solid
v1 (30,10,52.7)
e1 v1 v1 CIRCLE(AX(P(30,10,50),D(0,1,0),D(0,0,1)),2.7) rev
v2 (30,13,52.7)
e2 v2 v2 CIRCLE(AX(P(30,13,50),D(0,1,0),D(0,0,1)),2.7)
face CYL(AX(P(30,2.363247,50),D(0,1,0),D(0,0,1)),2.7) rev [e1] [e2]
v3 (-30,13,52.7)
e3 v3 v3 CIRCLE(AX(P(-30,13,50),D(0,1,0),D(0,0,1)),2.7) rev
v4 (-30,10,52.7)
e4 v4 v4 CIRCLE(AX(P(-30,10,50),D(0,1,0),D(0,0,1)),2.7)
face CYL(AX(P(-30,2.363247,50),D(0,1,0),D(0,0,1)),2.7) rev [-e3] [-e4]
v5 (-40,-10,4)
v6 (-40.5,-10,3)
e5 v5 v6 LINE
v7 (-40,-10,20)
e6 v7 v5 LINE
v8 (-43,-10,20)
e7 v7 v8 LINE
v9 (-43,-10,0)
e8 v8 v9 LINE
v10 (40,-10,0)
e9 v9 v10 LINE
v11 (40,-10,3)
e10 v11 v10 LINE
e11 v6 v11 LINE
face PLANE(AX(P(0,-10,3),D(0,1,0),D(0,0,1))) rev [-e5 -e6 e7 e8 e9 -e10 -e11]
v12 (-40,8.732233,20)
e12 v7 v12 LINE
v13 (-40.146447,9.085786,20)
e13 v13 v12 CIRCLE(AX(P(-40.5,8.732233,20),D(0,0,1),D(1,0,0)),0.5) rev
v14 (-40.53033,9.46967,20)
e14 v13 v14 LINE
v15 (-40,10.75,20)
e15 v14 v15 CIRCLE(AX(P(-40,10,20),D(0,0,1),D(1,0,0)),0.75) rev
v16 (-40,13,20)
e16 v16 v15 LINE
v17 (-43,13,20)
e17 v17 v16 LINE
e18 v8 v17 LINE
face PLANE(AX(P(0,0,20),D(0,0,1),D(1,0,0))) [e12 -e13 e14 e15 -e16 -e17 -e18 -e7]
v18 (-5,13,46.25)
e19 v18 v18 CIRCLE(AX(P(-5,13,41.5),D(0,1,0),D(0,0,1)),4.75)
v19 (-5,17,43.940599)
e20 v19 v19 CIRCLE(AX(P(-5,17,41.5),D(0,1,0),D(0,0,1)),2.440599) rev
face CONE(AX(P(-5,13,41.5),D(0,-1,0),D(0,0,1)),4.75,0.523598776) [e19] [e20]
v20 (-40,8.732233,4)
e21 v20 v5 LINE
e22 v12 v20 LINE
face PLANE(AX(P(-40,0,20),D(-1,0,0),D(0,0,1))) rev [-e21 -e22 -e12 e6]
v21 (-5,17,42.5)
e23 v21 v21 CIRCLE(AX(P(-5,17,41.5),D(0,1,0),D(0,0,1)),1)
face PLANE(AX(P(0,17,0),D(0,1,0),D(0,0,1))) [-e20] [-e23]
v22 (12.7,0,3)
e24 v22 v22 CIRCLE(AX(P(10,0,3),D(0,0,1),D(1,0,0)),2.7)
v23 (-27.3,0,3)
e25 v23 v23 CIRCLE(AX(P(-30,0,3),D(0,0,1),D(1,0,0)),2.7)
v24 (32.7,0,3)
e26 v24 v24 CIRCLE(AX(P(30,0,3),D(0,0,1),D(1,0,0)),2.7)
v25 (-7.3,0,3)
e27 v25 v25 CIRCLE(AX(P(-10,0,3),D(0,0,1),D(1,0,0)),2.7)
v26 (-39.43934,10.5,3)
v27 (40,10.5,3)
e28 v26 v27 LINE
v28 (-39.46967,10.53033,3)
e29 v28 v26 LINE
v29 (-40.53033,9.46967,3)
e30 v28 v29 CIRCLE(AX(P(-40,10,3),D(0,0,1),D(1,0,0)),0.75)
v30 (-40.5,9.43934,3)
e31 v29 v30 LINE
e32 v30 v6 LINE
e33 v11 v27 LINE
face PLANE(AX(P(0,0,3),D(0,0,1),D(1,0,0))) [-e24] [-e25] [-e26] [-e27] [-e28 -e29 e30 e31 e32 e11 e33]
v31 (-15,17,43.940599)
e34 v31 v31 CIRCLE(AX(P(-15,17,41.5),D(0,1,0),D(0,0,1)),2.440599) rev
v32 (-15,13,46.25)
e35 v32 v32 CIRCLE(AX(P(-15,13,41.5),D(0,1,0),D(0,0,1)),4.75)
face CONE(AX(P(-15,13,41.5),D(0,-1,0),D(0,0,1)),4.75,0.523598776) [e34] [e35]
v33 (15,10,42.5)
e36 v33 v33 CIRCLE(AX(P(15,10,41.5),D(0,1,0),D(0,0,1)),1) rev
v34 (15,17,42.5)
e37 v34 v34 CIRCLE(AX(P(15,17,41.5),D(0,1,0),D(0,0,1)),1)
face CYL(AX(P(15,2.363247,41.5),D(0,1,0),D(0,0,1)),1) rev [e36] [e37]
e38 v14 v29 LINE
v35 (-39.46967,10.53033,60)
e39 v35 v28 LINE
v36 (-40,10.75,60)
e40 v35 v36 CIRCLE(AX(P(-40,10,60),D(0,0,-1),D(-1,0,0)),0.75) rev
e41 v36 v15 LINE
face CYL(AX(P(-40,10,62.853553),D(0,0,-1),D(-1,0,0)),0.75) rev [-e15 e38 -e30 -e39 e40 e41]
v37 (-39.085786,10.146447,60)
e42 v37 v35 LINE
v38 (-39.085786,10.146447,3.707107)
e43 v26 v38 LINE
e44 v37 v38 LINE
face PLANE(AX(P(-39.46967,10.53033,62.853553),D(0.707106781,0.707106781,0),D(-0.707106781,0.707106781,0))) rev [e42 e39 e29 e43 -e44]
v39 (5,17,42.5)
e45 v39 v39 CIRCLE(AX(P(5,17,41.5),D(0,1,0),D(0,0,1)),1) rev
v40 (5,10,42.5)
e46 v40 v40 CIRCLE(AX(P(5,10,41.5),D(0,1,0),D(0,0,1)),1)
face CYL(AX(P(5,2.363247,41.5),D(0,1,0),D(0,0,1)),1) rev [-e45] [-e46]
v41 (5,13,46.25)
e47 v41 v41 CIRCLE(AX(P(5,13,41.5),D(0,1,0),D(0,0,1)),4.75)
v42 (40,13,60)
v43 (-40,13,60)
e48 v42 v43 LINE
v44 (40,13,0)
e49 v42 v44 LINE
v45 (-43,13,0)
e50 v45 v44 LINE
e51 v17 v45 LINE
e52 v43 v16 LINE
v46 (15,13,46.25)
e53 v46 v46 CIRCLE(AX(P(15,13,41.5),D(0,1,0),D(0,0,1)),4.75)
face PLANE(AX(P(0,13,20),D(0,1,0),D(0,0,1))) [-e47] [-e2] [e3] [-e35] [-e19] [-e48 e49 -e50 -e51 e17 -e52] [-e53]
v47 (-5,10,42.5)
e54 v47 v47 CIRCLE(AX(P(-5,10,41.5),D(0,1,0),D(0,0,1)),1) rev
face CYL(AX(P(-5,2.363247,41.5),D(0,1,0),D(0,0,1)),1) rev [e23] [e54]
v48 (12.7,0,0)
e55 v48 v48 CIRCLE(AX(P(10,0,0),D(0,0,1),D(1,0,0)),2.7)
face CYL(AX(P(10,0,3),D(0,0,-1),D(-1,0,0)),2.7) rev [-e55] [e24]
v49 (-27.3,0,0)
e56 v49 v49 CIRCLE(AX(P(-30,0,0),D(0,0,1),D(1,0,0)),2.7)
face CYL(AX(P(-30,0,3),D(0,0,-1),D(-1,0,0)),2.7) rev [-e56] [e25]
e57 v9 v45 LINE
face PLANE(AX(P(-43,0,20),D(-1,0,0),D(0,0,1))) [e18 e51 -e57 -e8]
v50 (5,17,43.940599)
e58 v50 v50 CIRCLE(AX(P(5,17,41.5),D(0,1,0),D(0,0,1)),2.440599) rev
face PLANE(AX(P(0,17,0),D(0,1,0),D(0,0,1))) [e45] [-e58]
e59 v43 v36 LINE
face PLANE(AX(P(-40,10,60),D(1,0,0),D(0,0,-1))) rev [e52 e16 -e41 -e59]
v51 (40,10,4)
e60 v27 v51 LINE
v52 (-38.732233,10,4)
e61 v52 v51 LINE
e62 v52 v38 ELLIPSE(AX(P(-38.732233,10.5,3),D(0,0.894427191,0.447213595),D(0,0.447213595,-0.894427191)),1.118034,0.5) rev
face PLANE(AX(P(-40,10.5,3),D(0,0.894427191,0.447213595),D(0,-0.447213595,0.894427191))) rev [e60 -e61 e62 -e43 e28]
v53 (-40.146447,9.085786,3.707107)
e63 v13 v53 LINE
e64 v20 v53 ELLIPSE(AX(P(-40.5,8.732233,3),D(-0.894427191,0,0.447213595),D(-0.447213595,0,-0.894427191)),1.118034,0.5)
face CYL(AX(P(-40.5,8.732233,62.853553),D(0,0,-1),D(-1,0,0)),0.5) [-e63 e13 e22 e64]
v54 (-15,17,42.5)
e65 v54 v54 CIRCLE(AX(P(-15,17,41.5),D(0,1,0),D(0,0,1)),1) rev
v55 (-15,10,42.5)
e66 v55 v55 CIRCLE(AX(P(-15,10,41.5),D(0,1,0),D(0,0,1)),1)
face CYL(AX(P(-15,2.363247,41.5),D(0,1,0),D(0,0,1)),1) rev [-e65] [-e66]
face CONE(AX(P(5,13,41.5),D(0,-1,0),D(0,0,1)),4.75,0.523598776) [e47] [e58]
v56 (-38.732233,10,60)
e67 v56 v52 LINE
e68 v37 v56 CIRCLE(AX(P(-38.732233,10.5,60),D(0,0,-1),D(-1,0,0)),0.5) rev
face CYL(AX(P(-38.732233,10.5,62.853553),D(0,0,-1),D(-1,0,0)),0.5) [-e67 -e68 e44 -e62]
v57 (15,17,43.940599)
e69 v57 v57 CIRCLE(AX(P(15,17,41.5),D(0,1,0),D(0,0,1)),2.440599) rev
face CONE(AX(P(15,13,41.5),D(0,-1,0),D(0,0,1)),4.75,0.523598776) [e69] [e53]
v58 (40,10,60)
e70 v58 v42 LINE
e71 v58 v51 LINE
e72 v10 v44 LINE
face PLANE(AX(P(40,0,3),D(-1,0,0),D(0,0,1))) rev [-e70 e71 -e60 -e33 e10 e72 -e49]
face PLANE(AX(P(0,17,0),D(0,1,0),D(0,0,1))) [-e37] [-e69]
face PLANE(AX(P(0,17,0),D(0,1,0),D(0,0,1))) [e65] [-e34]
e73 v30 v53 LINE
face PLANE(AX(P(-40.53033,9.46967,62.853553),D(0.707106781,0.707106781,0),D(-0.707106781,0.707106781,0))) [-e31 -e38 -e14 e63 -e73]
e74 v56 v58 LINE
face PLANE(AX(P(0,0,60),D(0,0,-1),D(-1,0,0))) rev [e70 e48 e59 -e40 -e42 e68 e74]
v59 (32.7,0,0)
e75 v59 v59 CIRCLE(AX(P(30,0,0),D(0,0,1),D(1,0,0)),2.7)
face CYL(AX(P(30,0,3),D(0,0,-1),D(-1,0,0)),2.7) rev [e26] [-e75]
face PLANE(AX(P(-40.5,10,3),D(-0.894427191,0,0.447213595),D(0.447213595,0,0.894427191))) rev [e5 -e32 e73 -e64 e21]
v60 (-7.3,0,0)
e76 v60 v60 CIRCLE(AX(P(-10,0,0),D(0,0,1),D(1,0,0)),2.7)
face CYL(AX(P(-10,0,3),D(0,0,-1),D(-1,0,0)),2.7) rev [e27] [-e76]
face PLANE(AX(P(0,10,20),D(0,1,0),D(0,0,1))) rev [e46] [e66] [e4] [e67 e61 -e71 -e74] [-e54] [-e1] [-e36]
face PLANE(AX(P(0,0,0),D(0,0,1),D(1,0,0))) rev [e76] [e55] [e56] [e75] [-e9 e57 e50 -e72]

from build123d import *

# Parameters (mm, degrees)
SKETCH1_W                      = 80
SKETCH1_H                      = 20
SKETCH1_R                      = 2.7
BOSS_EXTRUDE1_DEPTH            = 3
BOSS_EXTRUDE2_DEPTH            = 20
SKETCH2_W                      = 80
SKETCH2_H                      = 3
BOSS_EXTRUDE3_DEPTH            = 40
SKETCH3_R                      = 4.75
BOSS_EXTRUDE5_DEPTH            = 4
BOSS_EXTRUDE5_TAPER            = 30
CUT_EXTRUDE2_REACH             = 25
SKETCH3_6_R                    = 1
SKETCH3_6_R_2                  = 2.7
CUT_EXTRUDE2_DIRECTION_2_REACH = 6
CUT_EXTRUDE3_DEPTH             = 57
CUT_EXTRUDE4_DEPTH             = 20
CUT_EXTRUDE5_DEPTH             = 80


with BuildPart() as part:
    # Sketch1 → Boss-Extrude1 (new body)
    with BuildSketch(Plane.XY):
        Rectangle(SKETCH1_W, SKETCH1_H)
        with Locations((-30, 0)):
            Circle(SKETCH1_R, mode=Mode.SUBTRACT)
        with Locations((-10, 0)):
            Circle(SKETCH1_R, mode=Mode.SUBTRACT)
        with Locations((10, 0)):
            Circle(SKETCH1_R, mode=Mode.SUBTRACT)
        with Locations((30, 0)):
            Circle(SKETCH1_R, mode=Mode.SUBTRACT)
    extrude(amount=BOSS_EXTRUDE1_DEPTH)

    # Sketch1<3> → Boss-Extrude2 (add)
    with BuildSketch(Plane.XY):
        Polygon((40, 13), (40, 10), (-40, 10), (-40, -10), (-43, -10), (-43, 13), align=None)
    extrude(amount=BOSS_EXTRUDE2_DEPTH)

    # Sketch2 → Boss-Extrude3 (add)
    with BuildSketch(Plane.XY.offset(20)):
        with Locations((0, 11.5)):
            Rectangle(SKETCH2_W, SKETCH2_H)
    extrude(amount=BOSS_EXTRUDE3_DEPTH)

    # Sketch3 → Boss-Extrude5 (add)
    with BuildSketch(Plane.XZ.offset(-13)):
        with Locations((15, 41.5)):
            Circle(SKETCH3_R)
        with Locations((5, 41.5)):
            Circle(SKETCH3_R)
        with Locations((-5, 41.5)):
            Circle(SKETCH3_R)
        with Locations((-15, 41.5)):
            Circle(SKETCH3_R)
    extrude(amount=-BOSS_EXTRUDE5_DEPTH, taper=BOSS_EXTRUDE5_TAPER)

    # Cut-Extrude2: up to this face of the body (flat: up to its plane)
    cut_extrude2_end = Plane(part.part.faces().sort_by_distance((0, 10, 31.5))[0])
    # Sketch3<6> → Cut-Extrude2 (cut, up to the picked face)
    with BuildSketch(Plane.XZ.offset(-13), mode=Mode.PRIVATE) as cut_extrude2_sk1:
        with Locations((-15, 41.5)):
            Circle(SKETCH3_6_R)
    cut_extrude2_tool1 = split(extrude(cut_extrude2_sk1.sketch, amount=CUT_EXTRUDE2_REACH, mode=Mode.PRIVATE), bisect_by=cut_extrude2_end, keep=Keep.BOTH, mode=Mode.PRIVATE)
    add(cut_extrude2_tool1.solids().sort_by_distance((-15, 13, 41.5))[0], mode=Mode.SUBTRACT)
    # Sketch3<6> → Cut-Extrude2 (cut, up to the picked face)
    with BuildSketch(Plane.XZ.offset(-13), mode=Mode.PRIVATE) as cut_extrude2_sk2:
        with Locations((5, 41.5)):
            Circle(SKETCH3_6_R)
    cut_extrude2_tool2 = split(extrude(cut_extrude2_sk2.sketch, amount=CUT_EXTRUDE2_REACH, mode=Mode.PRIVATE), bisect_by=cut_extrude2_end, keep=Keep.BOTH, mode=Mode.PRIVATE)
    add(cut_extrude2_tool2.solids().sort_by_distance((5, 13, 41.5))[0], mode=Mode.SUBTRACT)
    # Sketch3<6> → Cut-Extrude2 (cut, up to the picked face)
    with BuildSketch(Plane.XZ.offset(-13), mode=Mode.PRIVATE) as cut_extrude2_sk3:
        with Locations((-30, 50)):
            Circle(SKETCH3_6_R_2)
    cut_extrude2_tool3 = split(extrude(cut_extrude2_sk3.sketch, amount=CUT_EXTRUDE2_REACH, mode=Mode.PRIVATE), bisect_by=cut_extrude2_end, keep=Keep.BOTH, mode=Mode.PRIVATE)
    add(cut_extrude2_tool3.solids().sort_by_distance((-30, 13, 50))[0], mode=Mode.SUBTRACT)
    # Sketch3<6> → Cut-Extrude2 (cut, up to the picked face)
    with BuildSketch(Plane.XZ.offset(-13), mode=Mode.PRIVATE) as cut_extrude2_sk4:
        with Locations((30, 50)):
            Circle(SKETCH3_6_R_2)
    cut_extrude2_tool4 = split(extrude(cut_extrude2_sk4.sketch, amount=CUT_EXTRUDE2_REACH, mode=Mode.PRIVATE), bisect_by=cut_extrude2_end, keep=Keep.BOTH, mode=Mode.PRIVATE)
    add(cut_extrude2_tool4.solids().sort_by_distance((30, 13, 50))[0], mode=Mode.SUBTRACT)
    # Sketch3<6> → Cut-Extrude2 (cut, up to the picked face)
    with BuildSketch(Plane.XZ.offset(-13), mode=Mode.PRIVATE) as cut_extrude2_sk5:
        with Locations((15, 41.5)):
            Circle(SKETCH3_6_R)
    cut_extrude2_tool5 = split(extrude(cut_extrude2_sk5.sketch, amount=CUT_EXTRUDE2_REACH, mode=Mode.PRIVATE), bisect_by=cut_extrude2_end, keep=Keep.BOTH, mode=Mode.PRIVATE)
    add(cut_extrude2_tool5.solids().sort_by_distance((15, 13, 41.5))[0], mode=Mode.SUBTRACT)
    # Sketch3<6> → Cut-Extrude2 (cut, up to the picked face)
    with BuildSketch(Plane.XZ.offset(-13), mode=Mode.PRIVATE) as cut_extrude2_sk6:
        with Locations((-5, 41.5)):
            Circle(SKETCH3_6_R)
    cut_extrude2_tool6 = split(extrude(cut_extrude2_sk6.sketch, amount=CUT_EXTRUDE2_REACH, mode=Mode.PRIVATE), bisect_by=cut_extrude2_end, keep=Keep.BOTH, mode=Mode.PRIVATE)
    add(cut_extrude2_tool6.solids().sort_by_distance((-5, 13, 41.5))[0], mode=Mode.SUBTRACT)

    # Cut-Extrude2 direction 2: up to this face of the body (flat: up to its plane)
    cut_extrude2_direction_2_end = Plane(part.part.faces().sort_by_distance((-15, 17, 41.5))[0])
    # Sketch3<6> → Cut-Extrude2 direction 2 (cut, up to the picked face)
    with BuildSketch(Plane.XZ.offset(-13), mode=Mode.PRIVATE) as cut_extrude2_direction_2_sk1:
        with Locations((-15, 41.5)):
            Circle(SKETCH3_6_R)
    cut_extrude2_direction_2_tool1 = split(extrude(cut_extrude2_direction_2_sk1.sketch, amount=-CUT_EXTRUDE2_DIRECTION_2_REACH, mode=Mode.PRIVATE), bisect_by=cut_extrude2_direction_2_end, keep=Keep.BOTH, mode=Mode.PRIVATE)
    add(cut_extrude2_direction_2_tool1.solids().sort_by_distance((-15, 13, 41.5))[0], mode=Mode.SUBTRACT)
    # Sketch3<6> → Cut-Extrude2 direction 2 (cut, up to the picked face)
    with BuildSketch(Plane.XZ.offset(-13), mode=Mode.PRIVATE) as cut_extrude2_direction_2_sk2:
        with Locations((5, 41.5)):
            Circle(SKETCH3_6_R)
    cut_extrude2_direction_2_tool2 = split(extrude(cut_extrude2_direction_2_sk2.sketch, amount=-CUT_EXTRUDE2_DIRECTION_2_REACH, mode=Mode.PRIVATE), bisect_by=cut_extrude2_direction_2_end, keep=Keep.BOTH, mode=Mode.PRIVATE)
    add(cut_extrude2_direction_2_tool2.solids().sort_by_distance((5, 13, 41.5))[0], mode=Mode.SUBTRACT)
    # Sketch3<6> → Cut-Extrude2 direction 2 (cut, up to the picked face)
    with BuildSketch(Plane.XZ.offset(-13), mode=Mode.PRIVATE) as cut_extrude2_direction_2_sk3:
        with Locations((-30, 50)):
            Circle(SKETCH3_6_R_2)
    cut_extrude2_direction_2_tool3 = split(extrude(cut_extrude2_direction_2_sk3.sketch, amount=-CUT_EXTRUDE2_DIRECTION_2_REACH, mode=Mode.PRIVATE), bisect_by=cut_extrude2_direction_2_end, keep=Keep.BOTH, mode=Mode.PRIVATE)
    add(cut_extrude2_direction_2_tool3.solids().sort_by_distance((-30, 13, 50))[0], mode=Mode.SUBTRACT)
    # Sketch3<6> → Cut-Extrude2 direction 2 (cut, up to the picked face)
    with BuildSketch(Plane.XZ.offset(-13), mode=Mode.PRIVATE) as cut_extrude2_direction_2_sk4:
        with Locations((30, 50)):
            Circle(SKETCH3_6_R_2)
    cut_extrude2_direction_2_tool4 = split(extrude(cut_extrude2_direction_2_sk4.sketch, amount=-CUT_EXTRUDE2_DIRECTION_2_REACH, mode=Mode.PRIVATE), bisect_by=cut_extrude2_direction_2_end, keep=Keep.BOTH, mode=Mode.PRIVATE)
    add(cut_extrude2_direction_2_tool4.solids().sort_by_distance((30, 13, 50))[0], mode=Mode.SUBTRACT)
    # Sketch3<6> → Cut-Extrude2 direction 2 (cut, up to the picked face)
    with BuildSketch(Plane.XZ.offset(-13), mode=Mode.PRIVATE) as cut_extrude2_direction_2_sk5:
        with Locations((15, 41.5)):
            Circle(SKETCH3_6_R)
    cut_extrude2_direction_2_tool5 = split(extrude(cut_extrude2_direction_2_sk5.sketch, amount=-CUT_EXTRUDE2_DIRECTION_2_REACH, mode=Mode.PRIVATE), bisect_by=cut_extrude2_direction_2_end, keep=Keep.BOTH, mode=Mode.PRIVATE)
    add(cut_extrude2_direction_2_tool5.solids().sort_by_distance((15, 13, 41.5))[0], mode=Mode.SUBTRACT)
    # Sketch3<6> → Cut-Extrude2 direction 2 (cut, up to the picked face)
    with BuildSketch(Plane.XZ.offset(-13), mode=Mode.PRIVATE) as cut_extrude2_direction_2_sk6:
        with Locations((-5, 41.5)):
            Circle(SKETCH3_6_R)
    cut_extrude2_direction_2_tool6 = split(extrude(cut_extrude2_direction_2_sk6.sketch, amount=-CUT_EXTRUDE2_DIRECTION_2_REACH, mode=Mode.PRIVATE), bisect_by=cut_extrude2_direction_2_end, keep=Keep.BOTH, mode=Mode.PRIVATE)
    add(cut_extrude2_direction_2_tool6.solids().sort_by_distance((-5, 13, 41.5))[0], mode=Mode.SUBTRACT)

    # Sketch4 → Cut-Extrude3 (cut)
    with BuildSketch(Plane.XY.offset(3)):
        with BuildLine():
            Line((-39.469669914, 10.530330086), (-39.085786438, 10.146446609))
            ThreePointArc((-39.085786438, 10.146446609), (-38.923574763, 10.038060234), (-38.732233047, 10))
            Line((-38.732233047, 10), (-40, 8.732233047))
            ThreePointArc((-40, 8.732233047), (-40.038060234, 8.923574763), (-40.146446609, 9.085786438))
            Line((-40.146446609, 9.085786438), (-40.530330086, 9.469669914))
            ThreePointArc((-40.530330086, 9.469669914), (-40.530330086, 10.530330086), (-39.469669914, 10.530330086))
        make_face()
    extrude(amount=CUT_EXTRUDE3_DEPTH, mode=Mode.SUBTRACT)

    # Sketch5 → Cut-Extrude4 (cut)
    with BuildSketch(Plane.XZ.offset(10)):
        Polygon((-40, 3), (-40.5, 3), (-40, 4), align=None)
    extrude(amount=-CUT_EXTRUDE4_DEPTH, mode=Mode.SUBTRACT)

    # Sketch6 → Cut-Extrude5 (cut)
    with BuildSketch(Plane(origin=(40, 0, 0), x_dir=(0, 0, -1), z_dir=(1, 0, 0))):
        Polygon((-3, 10), (-3, 10.5), (-4, 10), align=None)
    extrude(amount=-CUT_EXTRUDE5_DEPTH, mode=Mode.SUBTRACT)


solid = part.part
